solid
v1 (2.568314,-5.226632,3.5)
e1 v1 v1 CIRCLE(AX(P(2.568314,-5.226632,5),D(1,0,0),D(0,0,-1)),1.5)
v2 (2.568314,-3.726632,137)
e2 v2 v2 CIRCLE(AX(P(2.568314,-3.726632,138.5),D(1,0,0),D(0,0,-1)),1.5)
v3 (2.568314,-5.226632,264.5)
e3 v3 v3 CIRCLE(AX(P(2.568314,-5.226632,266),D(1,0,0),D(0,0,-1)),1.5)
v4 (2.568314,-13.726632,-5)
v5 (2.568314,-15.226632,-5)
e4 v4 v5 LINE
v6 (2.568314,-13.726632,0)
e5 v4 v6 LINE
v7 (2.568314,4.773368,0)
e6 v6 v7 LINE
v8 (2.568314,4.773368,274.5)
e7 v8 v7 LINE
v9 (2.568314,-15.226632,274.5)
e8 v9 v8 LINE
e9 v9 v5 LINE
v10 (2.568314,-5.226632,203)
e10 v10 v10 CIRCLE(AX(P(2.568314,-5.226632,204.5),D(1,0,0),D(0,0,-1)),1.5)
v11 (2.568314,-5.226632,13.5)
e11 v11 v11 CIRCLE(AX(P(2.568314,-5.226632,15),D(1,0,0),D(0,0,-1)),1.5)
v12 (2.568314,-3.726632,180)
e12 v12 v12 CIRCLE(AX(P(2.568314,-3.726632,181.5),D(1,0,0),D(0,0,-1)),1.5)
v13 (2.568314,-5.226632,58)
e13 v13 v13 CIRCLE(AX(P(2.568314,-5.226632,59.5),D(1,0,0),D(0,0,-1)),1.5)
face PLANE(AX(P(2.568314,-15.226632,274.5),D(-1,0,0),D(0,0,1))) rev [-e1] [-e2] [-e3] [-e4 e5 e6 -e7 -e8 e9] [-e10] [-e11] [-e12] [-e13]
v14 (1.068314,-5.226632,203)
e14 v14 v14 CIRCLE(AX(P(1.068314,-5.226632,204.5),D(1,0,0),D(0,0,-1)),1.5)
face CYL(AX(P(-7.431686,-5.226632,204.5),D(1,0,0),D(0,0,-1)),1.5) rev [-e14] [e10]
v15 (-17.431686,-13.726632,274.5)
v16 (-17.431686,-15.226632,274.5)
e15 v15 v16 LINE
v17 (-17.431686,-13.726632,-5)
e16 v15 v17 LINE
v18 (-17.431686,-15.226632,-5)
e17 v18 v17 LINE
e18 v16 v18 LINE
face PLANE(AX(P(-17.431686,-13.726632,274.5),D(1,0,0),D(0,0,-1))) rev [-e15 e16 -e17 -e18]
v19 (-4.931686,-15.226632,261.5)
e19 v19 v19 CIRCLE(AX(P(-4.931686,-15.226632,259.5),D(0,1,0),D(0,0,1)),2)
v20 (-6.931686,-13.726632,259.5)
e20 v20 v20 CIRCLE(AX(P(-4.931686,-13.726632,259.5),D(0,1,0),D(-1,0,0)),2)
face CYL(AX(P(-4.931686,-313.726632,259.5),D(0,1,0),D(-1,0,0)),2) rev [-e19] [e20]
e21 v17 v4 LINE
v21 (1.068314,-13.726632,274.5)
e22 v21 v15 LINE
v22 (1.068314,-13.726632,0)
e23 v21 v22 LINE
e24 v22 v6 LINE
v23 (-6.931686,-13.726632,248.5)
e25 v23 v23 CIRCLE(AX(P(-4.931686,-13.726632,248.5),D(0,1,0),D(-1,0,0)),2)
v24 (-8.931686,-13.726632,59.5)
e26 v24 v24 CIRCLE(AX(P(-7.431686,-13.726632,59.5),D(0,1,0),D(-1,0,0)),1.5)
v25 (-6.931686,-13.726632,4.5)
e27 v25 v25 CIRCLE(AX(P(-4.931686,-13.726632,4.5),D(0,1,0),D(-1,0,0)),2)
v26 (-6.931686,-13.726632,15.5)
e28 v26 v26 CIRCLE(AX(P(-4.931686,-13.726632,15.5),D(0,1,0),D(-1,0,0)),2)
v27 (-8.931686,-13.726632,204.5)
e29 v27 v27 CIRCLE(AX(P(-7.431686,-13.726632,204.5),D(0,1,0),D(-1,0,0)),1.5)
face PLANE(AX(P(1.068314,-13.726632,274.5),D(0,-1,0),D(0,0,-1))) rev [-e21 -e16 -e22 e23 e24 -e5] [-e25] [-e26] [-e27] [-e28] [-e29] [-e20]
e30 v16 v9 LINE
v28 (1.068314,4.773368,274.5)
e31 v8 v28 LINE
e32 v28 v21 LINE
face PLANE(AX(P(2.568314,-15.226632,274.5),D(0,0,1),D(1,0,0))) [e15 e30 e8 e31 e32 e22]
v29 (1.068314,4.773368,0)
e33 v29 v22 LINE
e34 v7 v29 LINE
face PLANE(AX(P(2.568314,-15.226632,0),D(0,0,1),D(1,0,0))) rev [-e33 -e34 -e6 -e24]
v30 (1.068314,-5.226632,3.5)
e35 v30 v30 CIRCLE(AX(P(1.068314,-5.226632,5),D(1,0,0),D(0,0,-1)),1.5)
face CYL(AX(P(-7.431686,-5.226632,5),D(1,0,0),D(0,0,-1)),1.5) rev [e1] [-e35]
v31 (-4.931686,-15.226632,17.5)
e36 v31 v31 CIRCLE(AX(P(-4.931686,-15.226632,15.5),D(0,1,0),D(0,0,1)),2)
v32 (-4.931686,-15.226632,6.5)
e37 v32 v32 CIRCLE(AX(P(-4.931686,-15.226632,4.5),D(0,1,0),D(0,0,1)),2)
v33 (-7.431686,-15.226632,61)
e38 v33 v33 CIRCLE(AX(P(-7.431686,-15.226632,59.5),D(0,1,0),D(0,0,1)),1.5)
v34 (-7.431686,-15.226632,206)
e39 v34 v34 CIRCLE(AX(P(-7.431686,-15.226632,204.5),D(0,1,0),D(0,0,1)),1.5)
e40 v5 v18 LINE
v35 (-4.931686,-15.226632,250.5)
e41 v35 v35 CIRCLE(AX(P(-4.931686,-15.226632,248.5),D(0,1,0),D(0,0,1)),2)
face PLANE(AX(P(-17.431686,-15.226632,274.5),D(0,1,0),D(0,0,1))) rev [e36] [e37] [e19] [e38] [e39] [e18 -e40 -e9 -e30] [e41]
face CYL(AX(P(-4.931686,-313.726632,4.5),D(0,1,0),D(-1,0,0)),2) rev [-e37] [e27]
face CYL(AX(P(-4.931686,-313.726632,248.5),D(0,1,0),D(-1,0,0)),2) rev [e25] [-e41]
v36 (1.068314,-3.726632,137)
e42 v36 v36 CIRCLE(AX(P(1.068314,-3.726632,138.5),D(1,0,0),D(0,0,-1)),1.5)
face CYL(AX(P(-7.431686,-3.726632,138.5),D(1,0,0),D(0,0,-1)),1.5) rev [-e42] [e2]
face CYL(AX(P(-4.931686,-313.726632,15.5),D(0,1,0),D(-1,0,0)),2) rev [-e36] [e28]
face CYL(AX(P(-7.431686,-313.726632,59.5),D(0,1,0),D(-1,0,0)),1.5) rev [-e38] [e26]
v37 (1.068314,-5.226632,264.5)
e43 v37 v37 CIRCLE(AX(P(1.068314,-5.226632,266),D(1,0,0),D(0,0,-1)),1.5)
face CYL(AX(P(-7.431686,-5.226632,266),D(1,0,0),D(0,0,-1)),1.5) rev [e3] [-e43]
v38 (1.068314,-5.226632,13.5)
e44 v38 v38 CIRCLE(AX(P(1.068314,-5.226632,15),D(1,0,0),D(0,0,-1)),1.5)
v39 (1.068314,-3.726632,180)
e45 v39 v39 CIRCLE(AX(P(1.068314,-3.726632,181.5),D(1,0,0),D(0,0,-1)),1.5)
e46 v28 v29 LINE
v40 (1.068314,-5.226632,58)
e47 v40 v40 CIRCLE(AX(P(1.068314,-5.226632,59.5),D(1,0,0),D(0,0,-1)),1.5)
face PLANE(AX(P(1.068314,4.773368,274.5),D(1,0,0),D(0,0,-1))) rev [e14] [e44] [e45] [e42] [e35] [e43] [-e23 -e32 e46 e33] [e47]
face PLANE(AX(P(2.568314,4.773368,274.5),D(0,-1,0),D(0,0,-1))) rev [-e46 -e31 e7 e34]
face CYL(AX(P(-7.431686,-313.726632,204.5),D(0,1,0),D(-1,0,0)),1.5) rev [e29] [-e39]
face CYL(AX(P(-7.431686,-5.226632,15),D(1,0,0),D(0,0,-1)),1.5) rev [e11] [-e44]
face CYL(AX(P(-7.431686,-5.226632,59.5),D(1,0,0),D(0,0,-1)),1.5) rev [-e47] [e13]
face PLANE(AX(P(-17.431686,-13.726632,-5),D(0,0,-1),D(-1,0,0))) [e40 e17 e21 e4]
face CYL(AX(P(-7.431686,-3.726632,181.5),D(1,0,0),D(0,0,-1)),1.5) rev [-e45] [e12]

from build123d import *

# Parameters (mm, degrees)
EXTRUSION1_DEPTH = 274.5
ESQUISSE2_R      = 1.5
ESQUISSE2_R_2    = 2
EXTRUSION2_DEPTH = 300
ESQUISSE3_R      = 1.5
EXTRUSION3_DEPTH = 10
ESQUISSE4_W      = 20
ESQUISSE4_H      = 1.5
EXTRUSION4_DEPTH = 5


with BuildPart() as part:
    # Esquisse1 → Extrusion1 (new body)
    with BuildSketch(Plane.XY):
        Polygon((-17.43168638, -13.726631579), (-17.43168638, -15.226631579), (2.56831362, -15.226631579), (2.56831362, 4.773368421), (1.06831362, 4.773368421), (1.06831362, -13.726631579), align=None)
    extrude(amount=EXTRUSION1_DEPTH)

    # Esquisse2 → Extrusion2 (cut)
    with BuildSketch(Plane(origin=(0, -13.726631579, 0), x_dir=(-1, 0, 0), z_dir=(0, 1, 0))):
        with Locations((7.43168638, 204.5)):
            Circle(ESQUISSE2_R)
        with Locations((4.93168638, 4.5)):
            Circle(ESQUISSE2_R_2)
        with Locations((4.93168638, 15.5)):
            Circle(ESQUISSE2_R_2)
        with Locations((4.93168638, 248.5)):
            Circle(ESQUISSE2_R_2)
        with Locations((4.93168638, 259.5)):
            Circle(ESQUISSE2_R_2)
        with Locations((7.43168638, 59.5)):
            Circle(ESQUISSE2_R)
    extrude(amount=-EXTRUSION2_DEPTH, mode=Mode.SUBTRACT)

    # Esquisse3 → Extrusion3 (cut)
    with BuildSketch(Plane(origin=(2.56831362, 0, 0), x_dir=(0, 0, -1), z_dir=(1, 0, 0))):
        with Locations((-266, -5.226631579)):
            Circle(ESQUISSE3_R)
        with Locations((-5, -5.226631579)):
            Circle(ESQUISSE3_R)
        with Locations((-15, -5.226631579)):
            Circle(ESQUISSE3_R)
        with Locations((-59.5, -5.226631579)):
            Circle(ESQUISSE3_R)
        with Locations((-204.5, -5.226631579)):
            Circle(ESQUISSE3_R)
        with Locations((-181.5, -3.726631579)):
            Circle(ESQUISSE3_R)
        with Locations((-138.5, -3.726631579)):
            Circle(ESQUISSE3_R)
    extrude(amount=-EXTRUSION3_DEPTH, mode=Mode.SUBTRACT)

    # Esquisse4 → Extrusion4 (add)
    with BuildSketch(Plane(origin=(0, 0, 0), x_dir=(-1, 0, 0), z_dir=(0, 0, -1))):
        with Locations((7.43168638, -14.476631579)):
            Rectangle(ESQUISSE4_W, ESQUISSE4_H)
    extrude(amount=EXTRUSION4_DEPTH)


solid = part.part
